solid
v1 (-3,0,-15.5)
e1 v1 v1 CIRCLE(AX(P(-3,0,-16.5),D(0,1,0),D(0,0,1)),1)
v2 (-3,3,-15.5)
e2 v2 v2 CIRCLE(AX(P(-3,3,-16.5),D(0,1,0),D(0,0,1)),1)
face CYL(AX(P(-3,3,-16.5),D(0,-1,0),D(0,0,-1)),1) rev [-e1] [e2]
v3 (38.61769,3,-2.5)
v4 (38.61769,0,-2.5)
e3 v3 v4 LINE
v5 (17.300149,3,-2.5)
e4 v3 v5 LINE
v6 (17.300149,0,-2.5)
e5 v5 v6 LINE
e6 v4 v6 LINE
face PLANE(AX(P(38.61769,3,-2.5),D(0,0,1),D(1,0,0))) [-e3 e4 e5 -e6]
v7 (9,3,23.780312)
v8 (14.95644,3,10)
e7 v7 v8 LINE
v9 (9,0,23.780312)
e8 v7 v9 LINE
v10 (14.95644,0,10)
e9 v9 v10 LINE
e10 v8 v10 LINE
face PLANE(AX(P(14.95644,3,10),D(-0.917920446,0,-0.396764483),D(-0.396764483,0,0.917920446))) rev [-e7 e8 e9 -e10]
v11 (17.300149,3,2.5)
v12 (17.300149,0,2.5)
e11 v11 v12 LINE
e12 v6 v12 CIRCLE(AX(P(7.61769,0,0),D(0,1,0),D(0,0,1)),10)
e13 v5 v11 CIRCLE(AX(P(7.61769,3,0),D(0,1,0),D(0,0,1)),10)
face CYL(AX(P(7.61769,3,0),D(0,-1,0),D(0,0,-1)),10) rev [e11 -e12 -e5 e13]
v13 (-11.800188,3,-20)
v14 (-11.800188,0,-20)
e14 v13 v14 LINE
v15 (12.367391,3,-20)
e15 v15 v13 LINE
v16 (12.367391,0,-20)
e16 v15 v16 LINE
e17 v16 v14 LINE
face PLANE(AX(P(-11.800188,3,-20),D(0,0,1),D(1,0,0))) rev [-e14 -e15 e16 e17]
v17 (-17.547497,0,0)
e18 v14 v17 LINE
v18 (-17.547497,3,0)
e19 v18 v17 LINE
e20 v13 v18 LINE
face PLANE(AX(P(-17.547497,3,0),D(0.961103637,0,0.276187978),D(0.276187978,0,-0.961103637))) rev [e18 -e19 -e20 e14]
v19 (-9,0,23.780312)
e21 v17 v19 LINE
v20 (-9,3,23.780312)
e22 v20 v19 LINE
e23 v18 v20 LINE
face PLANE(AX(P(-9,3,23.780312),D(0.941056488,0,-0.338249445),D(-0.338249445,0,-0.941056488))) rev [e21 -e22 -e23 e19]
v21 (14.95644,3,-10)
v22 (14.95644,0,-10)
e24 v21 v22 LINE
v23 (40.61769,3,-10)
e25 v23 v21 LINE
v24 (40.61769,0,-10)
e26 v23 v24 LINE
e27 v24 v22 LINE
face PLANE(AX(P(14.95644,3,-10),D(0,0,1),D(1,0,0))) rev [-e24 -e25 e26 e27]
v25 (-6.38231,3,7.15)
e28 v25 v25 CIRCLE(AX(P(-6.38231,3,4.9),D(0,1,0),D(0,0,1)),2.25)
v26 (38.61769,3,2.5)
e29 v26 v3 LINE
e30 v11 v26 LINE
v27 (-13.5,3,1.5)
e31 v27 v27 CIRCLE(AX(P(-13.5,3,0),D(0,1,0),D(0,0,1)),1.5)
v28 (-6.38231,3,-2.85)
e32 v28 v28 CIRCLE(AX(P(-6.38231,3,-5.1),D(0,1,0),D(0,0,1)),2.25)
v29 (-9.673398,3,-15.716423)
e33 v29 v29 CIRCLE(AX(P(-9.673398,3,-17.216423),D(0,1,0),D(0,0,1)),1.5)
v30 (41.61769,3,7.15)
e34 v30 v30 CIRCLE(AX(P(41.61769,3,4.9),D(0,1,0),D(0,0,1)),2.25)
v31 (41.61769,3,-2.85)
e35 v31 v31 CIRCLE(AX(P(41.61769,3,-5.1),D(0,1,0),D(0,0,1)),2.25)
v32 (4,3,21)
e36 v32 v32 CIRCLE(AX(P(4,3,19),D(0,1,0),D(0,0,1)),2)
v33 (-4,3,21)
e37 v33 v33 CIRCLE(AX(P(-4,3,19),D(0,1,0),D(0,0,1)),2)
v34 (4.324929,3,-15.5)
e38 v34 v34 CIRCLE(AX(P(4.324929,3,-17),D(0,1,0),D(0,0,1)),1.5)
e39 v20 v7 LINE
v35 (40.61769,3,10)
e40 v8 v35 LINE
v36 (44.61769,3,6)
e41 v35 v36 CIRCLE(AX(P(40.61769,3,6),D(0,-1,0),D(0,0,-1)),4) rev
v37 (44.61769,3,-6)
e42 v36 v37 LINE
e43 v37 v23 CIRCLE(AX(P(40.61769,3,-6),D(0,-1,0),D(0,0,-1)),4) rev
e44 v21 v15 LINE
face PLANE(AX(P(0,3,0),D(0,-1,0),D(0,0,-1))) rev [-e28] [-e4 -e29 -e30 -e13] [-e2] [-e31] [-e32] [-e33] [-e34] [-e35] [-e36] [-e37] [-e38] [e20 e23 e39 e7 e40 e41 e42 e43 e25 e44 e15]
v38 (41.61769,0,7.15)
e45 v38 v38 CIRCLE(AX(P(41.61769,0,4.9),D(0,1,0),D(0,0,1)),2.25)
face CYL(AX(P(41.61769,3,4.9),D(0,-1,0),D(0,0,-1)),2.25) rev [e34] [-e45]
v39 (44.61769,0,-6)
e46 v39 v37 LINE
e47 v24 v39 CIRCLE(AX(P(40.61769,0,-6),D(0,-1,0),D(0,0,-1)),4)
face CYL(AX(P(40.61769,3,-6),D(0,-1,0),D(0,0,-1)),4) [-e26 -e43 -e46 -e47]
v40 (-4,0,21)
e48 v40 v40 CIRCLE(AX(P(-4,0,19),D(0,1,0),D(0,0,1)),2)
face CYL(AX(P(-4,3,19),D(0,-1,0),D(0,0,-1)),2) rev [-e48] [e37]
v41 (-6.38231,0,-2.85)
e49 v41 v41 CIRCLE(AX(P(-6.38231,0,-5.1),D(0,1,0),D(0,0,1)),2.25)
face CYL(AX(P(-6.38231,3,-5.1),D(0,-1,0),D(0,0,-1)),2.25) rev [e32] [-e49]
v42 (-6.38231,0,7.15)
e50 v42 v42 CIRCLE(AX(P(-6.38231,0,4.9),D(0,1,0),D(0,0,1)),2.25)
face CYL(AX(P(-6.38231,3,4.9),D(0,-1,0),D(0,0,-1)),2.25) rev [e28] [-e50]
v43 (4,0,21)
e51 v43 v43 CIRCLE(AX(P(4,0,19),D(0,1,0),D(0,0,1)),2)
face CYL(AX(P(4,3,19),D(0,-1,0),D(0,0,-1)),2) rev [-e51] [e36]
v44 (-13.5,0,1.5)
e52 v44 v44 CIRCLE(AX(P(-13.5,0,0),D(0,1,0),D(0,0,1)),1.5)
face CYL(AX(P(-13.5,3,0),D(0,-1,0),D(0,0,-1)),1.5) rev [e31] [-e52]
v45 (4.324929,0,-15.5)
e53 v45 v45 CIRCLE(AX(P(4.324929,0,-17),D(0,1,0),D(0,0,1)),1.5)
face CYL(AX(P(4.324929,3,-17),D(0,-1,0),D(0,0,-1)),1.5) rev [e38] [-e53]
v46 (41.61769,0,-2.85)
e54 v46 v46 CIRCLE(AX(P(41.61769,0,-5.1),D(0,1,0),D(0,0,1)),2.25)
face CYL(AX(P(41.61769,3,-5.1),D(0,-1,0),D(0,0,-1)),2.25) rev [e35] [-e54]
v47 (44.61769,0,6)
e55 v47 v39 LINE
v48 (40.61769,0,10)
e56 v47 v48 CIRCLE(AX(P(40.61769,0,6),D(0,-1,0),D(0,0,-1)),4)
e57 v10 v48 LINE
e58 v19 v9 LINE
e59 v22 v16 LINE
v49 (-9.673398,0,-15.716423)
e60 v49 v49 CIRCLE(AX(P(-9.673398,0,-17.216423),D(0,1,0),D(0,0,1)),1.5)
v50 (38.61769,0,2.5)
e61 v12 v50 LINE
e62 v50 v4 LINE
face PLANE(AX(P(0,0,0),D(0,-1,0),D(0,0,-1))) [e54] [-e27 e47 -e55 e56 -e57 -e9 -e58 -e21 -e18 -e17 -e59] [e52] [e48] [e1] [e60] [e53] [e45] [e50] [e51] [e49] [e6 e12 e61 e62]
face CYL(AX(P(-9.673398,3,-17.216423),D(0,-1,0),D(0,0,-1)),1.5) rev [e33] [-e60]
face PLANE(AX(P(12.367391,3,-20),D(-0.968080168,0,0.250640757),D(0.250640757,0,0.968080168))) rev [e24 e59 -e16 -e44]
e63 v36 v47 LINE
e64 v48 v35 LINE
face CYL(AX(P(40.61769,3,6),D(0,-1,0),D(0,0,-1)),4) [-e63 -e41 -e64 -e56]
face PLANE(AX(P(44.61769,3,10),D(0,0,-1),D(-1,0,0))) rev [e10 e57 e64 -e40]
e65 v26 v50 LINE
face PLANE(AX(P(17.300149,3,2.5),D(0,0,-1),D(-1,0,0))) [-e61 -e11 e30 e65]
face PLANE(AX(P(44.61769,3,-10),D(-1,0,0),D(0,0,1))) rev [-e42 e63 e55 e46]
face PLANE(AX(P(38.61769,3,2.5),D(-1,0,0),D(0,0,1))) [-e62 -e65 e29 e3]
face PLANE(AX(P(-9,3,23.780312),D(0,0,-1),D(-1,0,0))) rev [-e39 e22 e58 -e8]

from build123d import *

# Parameters (mm, degrees)
SKETCH_1_R      = 2
SKETCH_1_R_2    = 1
SKETCH_1_R_3    = 1.5
SKETCH_1_R_4    = 2.25
EXTRUDE_1_DEPTH = 3
FILLET_1_R      = 4


with BuildPart() as part:
    # 草图1 → 凸台-拉伸1 (new body)
    with BuildSketch(Plane(origin=(0, 0, 0), x_dir=(1, 0, 0), z_dir=(0, 1, 0))):
        Polygon((-9, -23.780312322), (-17.547496939, 0), (-11.800187967, 20), (12.367390868, 20), (14.956440464, 10), (44.617690385, 10), (44.617690385, -10), (14.956440464, -10), (9, -23.780312322), align=None)
        with Locations(Location((-4, -19, 0), (0, 0, 270))):
            Circle(SKETCH_1_R, mode=Mode.SUBTRACT)
        with Locations(Location((4, -19, 0), (0, 0, 270))):
            Circle(SKETCH_1_R, mode=Mode.SUBTRACT)
        with Locations(Location((-3, 16.5, 0), (0, 0, 270))):
            Circle(SKETCH_1_R_2, mode=Mode.SUBTRACT)
        with Locations(Location((4.324928848, 17, 0), (0, 0, 270))):
            Circle(SKETCH_1_R_3, mode=Mode.SUBTRACT)
        with Locations(Location((41.617690385, 5.1, 0), (0, 0, 270))):
            Circle(SKETCH_1_R_4, mode=Mode.SUBTRACT)
        with Locations(Location((41.617690385, -4.9, 0), (0, 0, 270))):
            Circle(SKETCH_1_R_4, mode=Mode.SUBTRACT)
        with Locations(Location((-6.382309615, -4.9, 0), (0, 0, 270))):
            Circle(SKETCH_1_R_4, mode=Mode.SUBTRACT)
        with Locations(Location((-6.382309615, 5.1, 0), (0, 0, 270))):
            Circle(SKETCH_1_R_4, mode=Mode.SUBTRACT)
        with Locations(Location((-13.5, 0, 0), (0, 0, 270))):
            Circle(SKETCH_1_R_3, mode=Mode.SUBTRACT)
        with Locations(Location((-9.67339824, 17.216422607, 0), (0, 0, 270))):
            Circle(SKETCH_1_R_3, mode=Mode.SUBTRACT)
        with BuildLine():
            Line((17.30014875, -2.5), (38.617690385, -2.5))
            Line((38.617690385, -2.5), (38.617690385, 2.5))
            Line((38.617690385, 2.5), (17.30014875, 2.5))
            ThreePointArc((17.30014875, 2.5), (-2.382309615, 0), (17.30014875, -2.5))
        make_face(mode=Mode.SUBTRACT)
    extrude(amount=EXTRUDE_1_DEPTH)

    # 圆角1
    fillet_1_edges = [part.edges().sort_by_distance(p)[0] for p in [
        (44.617690385, 1.5, -10),
        (44.617690385, 1.5, 10),
    ]]
    fillet(fillet_1_edges, radius=FILLET_1_R)


solid = part.part
